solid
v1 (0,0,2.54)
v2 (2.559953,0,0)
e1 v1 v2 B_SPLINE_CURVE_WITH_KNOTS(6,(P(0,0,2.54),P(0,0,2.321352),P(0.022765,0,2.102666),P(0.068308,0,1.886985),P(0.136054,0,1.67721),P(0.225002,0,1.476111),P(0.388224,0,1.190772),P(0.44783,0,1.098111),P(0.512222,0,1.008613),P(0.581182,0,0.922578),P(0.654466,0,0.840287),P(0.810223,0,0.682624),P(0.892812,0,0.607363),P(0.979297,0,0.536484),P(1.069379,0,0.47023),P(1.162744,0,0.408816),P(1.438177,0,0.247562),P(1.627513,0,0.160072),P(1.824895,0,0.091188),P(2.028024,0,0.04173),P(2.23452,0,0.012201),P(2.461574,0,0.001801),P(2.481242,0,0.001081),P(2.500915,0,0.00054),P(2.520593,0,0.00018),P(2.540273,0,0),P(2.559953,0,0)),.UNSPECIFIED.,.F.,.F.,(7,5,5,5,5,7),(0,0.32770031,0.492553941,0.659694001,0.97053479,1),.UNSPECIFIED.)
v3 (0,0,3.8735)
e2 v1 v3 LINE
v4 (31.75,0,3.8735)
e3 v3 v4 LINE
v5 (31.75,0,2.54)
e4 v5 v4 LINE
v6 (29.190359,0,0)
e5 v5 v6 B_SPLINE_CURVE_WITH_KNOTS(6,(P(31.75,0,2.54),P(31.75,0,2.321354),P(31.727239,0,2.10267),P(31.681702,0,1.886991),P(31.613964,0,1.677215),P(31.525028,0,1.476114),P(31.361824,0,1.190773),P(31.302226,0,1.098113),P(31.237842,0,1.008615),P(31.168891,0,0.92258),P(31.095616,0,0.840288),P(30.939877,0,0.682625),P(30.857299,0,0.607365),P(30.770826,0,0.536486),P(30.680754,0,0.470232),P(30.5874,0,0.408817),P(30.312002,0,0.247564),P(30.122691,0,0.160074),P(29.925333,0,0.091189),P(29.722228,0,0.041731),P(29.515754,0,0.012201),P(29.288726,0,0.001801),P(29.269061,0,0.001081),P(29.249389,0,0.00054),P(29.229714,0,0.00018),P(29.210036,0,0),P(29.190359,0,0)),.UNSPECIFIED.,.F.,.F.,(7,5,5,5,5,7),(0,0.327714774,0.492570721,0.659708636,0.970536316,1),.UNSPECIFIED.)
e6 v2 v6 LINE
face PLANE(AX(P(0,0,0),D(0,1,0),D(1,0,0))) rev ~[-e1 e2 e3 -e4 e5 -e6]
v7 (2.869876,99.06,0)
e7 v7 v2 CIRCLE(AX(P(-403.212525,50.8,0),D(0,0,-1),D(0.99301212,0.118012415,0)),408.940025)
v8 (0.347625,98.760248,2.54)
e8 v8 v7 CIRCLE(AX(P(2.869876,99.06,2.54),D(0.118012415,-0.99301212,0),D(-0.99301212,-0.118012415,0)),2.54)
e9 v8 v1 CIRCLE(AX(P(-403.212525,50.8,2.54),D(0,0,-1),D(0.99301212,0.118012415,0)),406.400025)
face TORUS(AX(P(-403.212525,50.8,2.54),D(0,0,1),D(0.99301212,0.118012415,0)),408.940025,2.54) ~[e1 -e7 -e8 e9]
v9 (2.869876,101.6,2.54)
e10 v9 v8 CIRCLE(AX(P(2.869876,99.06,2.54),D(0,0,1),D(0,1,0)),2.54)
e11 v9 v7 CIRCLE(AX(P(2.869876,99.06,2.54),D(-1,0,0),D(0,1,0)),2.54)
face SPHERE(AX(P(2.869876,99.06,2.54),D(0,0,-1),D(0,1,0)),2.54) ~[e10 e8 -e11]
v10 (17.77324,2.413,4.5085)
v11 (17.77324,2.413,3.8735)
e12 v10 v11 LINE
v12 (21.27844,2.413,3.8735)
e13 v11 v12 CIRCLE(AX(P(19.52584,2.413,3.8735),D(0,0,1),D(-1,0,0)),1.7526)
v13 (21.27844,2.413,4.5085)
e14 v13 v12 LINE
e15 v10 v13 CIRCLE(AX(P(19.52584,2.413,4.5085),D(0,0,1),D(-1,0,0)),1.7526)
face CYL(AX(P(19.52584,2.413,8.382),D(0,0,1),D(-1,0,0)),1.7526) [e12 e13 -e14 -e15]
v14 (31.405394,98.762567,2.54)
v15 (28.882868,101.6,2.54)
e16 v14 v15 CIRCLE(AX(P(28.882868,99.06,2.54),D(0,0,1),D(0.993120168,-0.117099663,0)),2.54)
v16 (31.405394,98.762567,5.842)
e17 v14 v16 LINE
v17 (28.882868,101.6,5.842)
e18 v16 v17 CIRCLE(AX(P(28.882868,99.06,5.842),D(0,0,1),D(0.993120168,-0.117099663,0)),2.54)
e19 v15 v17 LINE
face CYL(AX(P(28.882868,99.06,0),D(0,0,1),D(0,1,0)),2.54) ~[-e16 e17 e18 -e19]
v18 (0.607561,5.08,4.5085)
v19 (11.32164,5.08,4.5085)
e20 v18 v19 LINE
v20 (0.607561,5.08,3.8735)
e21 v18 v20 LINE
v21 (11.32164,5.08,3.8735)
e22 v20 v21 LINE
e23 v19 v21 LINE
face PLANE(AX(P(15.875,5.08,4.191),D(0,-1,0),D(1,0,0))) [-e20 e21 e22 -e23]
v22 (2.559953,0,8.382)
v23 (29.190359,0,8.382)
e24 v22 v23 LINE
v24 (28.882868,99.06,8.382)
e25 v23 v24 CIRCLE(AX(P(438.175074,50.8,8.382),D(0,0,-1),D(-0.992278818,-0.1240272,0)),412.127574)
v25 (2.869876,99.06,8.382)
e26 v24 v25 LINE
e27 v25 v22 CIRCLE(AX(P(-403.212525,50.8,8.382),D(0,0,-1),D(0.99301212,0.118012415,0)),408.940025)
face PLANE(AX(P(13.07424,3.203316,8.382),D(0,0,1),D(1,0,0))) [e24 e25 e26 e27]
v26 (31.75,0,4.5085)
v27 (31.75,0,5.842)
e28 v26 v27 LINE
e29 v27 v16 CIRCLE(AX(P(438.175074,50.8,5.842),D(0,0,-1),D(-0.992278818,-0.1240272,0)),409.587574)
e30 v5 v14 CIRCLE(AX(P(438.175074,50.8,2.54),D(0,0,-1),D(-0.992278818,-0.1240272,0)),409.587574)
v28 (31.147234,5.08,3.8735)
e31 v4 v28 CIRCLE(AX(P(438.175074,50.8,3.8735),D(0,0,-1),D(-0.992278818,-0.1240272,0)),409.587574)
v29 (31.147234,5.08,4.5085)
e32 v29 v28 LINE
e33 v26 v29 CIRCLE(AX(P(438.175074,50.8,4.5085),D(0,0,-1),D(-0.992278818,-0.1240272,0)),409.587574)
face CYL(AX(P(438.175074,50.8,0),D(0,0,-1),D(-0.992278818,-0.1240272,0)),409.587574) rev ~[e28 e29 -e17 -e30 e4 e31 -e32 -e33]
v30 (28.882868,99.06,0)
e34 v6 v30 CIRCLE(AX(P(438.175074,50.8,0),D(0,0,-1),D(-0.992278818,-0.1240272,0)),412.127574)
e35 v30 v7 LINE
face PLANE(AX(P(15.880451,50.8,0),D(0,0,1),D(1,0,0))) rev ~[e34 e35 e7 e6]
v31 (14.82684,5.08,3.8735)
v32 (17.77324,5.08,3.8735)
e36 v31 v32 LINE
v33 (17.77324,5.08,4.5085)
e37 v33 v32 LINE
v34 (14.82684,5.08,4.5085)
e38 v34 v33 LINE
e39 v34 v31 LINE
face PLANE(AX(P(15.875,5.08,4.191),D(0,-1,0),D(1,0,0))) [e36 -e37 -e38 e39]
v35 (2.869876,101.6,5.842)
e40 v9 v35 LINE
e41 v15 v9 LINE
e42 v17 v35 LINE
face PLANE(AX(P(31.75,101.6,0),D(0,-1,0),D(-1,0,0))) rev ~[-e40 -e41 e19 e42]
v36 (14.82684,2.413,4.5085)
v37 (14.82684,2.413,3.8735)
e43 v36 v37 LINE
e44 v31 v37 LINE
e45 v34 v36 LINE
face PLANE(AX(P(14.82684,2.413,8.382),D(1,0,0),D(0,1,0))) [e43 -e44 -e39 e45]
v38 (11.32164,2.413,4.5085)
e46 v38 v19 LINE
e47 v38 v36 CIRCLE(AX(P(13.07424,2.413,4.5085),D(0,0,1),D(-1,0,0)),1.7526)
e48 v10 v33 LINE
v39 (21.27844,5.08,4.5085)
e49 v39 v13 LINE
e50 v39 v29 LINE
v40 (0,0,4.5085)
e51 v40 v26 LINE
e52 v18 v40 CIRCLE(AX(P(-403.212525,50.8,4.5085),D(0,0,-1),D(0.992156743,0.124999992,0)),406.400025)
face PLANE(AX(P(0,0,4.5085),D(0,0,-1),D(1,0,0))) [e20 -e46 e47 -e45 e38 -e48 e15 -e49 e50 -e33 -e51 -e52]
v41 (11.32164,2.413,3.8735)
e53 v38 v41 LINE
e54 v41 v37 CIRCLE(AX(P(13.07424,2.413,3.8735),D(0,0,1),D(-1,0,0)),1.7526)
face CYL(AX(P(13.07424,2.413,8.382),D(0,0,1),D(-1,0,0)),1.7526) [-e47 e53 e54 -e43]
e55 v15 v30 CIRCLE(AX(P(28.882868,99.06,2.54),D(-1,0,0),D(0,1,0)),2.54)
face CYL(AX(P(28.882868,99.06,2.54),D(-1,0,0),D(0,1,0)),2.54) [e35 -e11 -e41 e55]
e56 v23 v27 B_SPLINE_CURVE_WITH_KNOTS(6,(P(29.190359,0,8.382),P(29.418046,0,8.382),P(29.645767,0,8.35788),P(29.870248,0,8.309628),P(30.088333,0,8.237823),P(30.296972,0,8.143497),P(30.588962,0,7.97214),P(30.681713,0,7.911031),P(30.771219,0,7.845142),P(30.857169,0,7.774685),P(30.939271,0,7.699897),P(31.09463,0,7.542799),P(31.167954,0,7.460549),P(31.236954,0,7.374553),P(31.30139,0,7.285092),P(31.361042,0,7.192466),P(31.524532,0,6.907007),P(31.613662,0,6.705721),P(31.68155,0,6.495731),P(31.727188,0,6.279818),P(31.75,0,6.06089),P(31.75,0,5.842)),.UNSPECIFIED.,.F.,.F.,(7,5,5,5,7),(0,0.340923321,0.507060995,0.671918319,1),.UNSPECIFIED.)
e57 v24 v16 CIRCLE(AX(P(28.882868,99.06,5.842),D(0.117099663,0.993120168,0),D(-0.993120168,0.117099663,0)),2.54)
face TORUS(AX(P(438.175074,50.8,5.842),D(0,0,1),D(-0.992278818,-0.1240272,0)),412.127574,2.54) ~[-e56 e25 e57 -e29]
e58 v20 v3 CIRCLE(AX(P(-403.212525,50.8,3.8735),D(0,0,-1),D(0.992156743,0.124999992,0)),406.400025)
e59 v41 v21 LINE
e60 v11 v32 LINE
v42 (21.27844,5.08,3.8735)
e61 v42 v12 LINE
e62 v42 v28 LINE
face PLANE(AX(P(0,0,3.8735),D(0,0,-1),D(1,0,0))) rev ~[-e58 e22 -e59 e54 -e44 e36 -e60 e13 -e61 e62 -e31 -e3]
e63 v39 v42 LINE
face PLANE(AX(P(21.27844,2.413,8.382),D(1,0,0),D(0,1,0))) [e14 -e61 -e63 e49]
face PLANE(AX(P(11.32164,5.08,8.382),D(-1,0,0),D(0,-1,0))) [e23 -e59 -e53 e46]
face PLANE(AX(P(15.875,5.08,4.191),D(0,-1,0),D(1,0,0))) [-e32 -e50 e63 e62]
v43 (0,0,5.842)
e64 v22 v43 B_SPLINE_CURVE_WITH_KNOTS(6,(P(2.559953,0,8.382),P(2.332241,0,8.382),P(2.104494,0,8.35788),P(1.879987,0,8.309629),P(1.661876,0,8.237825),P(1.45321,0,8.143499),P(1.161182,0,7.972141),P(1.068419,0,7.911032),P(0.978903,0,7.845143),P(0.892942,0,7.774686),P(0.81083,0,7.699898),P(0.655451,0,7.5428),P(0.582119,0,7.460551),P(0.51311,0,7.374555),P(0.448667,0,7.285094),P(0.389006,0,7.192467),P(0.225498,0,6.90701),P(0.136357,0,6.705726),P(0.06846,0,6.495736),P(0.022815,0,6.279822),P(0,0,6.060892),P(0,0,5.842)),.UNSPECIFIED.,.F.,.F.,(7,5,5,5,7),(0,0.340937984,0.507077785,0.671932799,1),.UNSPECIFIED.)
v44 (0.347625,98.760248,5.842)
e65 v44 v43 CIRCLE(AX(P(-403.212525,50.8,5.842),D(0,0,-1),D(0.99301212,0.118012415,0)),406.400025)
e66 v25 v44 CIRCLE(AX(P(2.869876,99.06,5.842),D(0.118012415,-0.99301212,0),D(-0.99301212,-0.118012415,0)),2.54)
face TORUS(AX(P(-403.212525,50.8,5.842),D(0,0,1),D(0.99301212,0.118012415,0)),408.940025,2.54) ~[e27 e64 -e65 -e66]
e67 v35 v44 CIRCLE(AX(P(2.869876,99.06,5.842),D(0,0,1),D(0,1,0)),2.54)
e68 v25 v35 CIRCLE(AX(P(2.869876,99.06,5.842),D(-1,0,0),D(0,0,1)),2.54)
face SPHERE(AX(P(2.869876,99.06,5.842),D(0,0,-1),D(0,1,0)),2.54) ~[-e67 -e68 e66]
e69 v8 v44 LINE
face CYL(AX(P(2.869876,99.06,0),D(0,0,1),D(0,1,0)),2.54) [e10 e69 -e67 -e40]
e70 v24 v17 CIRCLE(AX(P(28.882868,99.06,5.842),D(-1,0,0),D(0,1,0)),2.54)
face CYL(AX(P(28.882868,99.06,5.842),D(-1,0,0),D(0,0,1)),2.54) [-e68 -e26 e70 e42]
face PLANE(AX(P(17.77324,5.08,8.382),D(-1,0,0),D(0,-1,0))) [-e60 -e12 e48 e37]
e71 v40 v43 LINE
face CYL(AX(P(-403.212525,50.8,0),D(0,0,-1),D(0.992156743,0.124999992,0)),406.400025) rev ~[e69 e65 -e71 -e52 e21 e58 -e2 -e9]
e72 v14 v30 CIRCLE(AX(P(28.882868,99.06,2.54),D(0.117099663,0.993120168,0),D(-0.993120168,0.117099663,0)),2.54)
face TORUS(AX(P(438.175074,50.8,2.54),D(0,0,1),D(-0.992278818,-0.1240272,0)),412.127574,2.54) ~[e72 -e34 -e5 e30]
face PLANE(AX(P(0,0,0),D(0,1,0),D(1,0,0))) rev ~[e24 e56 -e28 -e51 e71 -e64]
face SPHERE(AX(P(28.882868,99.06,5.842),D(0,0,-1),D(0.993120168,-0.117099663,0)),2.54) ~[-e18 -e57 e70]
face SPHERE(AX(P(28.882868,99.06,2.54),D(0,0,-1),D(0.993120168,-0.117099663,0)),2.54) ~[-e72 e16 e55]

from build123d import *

# Parameters (mm, degrees)
F1_DEPTH = 8.382
F2_W     = 31.75
F2_H     = 0.635
F3_DEPTH = 5.08
F5_DEPTH = 8.382
F6_R     = 2.54
F7_R     = 2.54


with BuildPart() as f1:
    # F0 (on Top) → F1 (new body)
    with BuildSketch(Plane.XY):
        with BuildLine():
            Line((31.75, 101.6), (0, 101.6))
            ThreePointArc((0, 101.6), (3.1875, 50.8), (0, 0))
            Line((0, 0), (10.9474, 0))
            Line((10.9474, 0), (14.4018, 0))
            Line((14.4018, 0), (17.3482, 0))
            Line((17.3482, 0), (20.8026, 0))
            Line((20.8026, 0), (31.75, 0))
            ThreePointArc((31.75, 0), (28.5875, 50.8), (31.75, 101.6))
        make_face()
    extrude(amount=F1_DEPTH)

    # F2 (on face) → F3 (cut)
    with BuildSketch(Plane.XZ):
        with Locations((15.875, 4.191)):
            Rectangle(F2_W, F2_H)
    extrude(amount=-F3_DEPTH, mode=Mode.SUBTRACT)

    # F4 (on face) → F5 (join)
    with BuildSketch(Plane.XY.offset(8.382)):
        with BuildLine():
            Line((14.82684, 5.08), (11.32164, 5.08))
            Line((11.32164, 5.08), (11.32164, 2.413))
            ThreePointArc((11.32164, 2.413), (13.07424, 0.6604), (14.82684, 2.413))
            Line((14.82684, 2.413), (14.82684, 5.08))
        make_face()
        with BuildLine():
            Line((21.27844, 5.08), (17.77324, 5.08))
            Line((17.77324, 5.08), (17.77324, 2.413))
            ThreePointArc((17.77324, 2.413), (19.52584, 0.6604), (21.27844, 2.413))
            Line((21.27844, 2.413), (21.27844, 5.08))
        make_face()
    extrude(amount=-F5_DEPTH)

    # F6
    f6_edges = [f1.edges().sort_by_distance(p)[0] for p in [
        (0, 101.6, 4.191),
        (31.75, 101.6, 4.191),
    ]]
    fillet(f6_edges, radius=F6_R)

    # F7
    f7_edges = [f1.edges().sort_by_distance(p)[0] for p in [
        (28.589993, 49.370859, 0),
        (28.589993, 49.370859, 8.382),
    ]]
    fillet(f7_edges, radius=F7_R)


solid = f1.part
